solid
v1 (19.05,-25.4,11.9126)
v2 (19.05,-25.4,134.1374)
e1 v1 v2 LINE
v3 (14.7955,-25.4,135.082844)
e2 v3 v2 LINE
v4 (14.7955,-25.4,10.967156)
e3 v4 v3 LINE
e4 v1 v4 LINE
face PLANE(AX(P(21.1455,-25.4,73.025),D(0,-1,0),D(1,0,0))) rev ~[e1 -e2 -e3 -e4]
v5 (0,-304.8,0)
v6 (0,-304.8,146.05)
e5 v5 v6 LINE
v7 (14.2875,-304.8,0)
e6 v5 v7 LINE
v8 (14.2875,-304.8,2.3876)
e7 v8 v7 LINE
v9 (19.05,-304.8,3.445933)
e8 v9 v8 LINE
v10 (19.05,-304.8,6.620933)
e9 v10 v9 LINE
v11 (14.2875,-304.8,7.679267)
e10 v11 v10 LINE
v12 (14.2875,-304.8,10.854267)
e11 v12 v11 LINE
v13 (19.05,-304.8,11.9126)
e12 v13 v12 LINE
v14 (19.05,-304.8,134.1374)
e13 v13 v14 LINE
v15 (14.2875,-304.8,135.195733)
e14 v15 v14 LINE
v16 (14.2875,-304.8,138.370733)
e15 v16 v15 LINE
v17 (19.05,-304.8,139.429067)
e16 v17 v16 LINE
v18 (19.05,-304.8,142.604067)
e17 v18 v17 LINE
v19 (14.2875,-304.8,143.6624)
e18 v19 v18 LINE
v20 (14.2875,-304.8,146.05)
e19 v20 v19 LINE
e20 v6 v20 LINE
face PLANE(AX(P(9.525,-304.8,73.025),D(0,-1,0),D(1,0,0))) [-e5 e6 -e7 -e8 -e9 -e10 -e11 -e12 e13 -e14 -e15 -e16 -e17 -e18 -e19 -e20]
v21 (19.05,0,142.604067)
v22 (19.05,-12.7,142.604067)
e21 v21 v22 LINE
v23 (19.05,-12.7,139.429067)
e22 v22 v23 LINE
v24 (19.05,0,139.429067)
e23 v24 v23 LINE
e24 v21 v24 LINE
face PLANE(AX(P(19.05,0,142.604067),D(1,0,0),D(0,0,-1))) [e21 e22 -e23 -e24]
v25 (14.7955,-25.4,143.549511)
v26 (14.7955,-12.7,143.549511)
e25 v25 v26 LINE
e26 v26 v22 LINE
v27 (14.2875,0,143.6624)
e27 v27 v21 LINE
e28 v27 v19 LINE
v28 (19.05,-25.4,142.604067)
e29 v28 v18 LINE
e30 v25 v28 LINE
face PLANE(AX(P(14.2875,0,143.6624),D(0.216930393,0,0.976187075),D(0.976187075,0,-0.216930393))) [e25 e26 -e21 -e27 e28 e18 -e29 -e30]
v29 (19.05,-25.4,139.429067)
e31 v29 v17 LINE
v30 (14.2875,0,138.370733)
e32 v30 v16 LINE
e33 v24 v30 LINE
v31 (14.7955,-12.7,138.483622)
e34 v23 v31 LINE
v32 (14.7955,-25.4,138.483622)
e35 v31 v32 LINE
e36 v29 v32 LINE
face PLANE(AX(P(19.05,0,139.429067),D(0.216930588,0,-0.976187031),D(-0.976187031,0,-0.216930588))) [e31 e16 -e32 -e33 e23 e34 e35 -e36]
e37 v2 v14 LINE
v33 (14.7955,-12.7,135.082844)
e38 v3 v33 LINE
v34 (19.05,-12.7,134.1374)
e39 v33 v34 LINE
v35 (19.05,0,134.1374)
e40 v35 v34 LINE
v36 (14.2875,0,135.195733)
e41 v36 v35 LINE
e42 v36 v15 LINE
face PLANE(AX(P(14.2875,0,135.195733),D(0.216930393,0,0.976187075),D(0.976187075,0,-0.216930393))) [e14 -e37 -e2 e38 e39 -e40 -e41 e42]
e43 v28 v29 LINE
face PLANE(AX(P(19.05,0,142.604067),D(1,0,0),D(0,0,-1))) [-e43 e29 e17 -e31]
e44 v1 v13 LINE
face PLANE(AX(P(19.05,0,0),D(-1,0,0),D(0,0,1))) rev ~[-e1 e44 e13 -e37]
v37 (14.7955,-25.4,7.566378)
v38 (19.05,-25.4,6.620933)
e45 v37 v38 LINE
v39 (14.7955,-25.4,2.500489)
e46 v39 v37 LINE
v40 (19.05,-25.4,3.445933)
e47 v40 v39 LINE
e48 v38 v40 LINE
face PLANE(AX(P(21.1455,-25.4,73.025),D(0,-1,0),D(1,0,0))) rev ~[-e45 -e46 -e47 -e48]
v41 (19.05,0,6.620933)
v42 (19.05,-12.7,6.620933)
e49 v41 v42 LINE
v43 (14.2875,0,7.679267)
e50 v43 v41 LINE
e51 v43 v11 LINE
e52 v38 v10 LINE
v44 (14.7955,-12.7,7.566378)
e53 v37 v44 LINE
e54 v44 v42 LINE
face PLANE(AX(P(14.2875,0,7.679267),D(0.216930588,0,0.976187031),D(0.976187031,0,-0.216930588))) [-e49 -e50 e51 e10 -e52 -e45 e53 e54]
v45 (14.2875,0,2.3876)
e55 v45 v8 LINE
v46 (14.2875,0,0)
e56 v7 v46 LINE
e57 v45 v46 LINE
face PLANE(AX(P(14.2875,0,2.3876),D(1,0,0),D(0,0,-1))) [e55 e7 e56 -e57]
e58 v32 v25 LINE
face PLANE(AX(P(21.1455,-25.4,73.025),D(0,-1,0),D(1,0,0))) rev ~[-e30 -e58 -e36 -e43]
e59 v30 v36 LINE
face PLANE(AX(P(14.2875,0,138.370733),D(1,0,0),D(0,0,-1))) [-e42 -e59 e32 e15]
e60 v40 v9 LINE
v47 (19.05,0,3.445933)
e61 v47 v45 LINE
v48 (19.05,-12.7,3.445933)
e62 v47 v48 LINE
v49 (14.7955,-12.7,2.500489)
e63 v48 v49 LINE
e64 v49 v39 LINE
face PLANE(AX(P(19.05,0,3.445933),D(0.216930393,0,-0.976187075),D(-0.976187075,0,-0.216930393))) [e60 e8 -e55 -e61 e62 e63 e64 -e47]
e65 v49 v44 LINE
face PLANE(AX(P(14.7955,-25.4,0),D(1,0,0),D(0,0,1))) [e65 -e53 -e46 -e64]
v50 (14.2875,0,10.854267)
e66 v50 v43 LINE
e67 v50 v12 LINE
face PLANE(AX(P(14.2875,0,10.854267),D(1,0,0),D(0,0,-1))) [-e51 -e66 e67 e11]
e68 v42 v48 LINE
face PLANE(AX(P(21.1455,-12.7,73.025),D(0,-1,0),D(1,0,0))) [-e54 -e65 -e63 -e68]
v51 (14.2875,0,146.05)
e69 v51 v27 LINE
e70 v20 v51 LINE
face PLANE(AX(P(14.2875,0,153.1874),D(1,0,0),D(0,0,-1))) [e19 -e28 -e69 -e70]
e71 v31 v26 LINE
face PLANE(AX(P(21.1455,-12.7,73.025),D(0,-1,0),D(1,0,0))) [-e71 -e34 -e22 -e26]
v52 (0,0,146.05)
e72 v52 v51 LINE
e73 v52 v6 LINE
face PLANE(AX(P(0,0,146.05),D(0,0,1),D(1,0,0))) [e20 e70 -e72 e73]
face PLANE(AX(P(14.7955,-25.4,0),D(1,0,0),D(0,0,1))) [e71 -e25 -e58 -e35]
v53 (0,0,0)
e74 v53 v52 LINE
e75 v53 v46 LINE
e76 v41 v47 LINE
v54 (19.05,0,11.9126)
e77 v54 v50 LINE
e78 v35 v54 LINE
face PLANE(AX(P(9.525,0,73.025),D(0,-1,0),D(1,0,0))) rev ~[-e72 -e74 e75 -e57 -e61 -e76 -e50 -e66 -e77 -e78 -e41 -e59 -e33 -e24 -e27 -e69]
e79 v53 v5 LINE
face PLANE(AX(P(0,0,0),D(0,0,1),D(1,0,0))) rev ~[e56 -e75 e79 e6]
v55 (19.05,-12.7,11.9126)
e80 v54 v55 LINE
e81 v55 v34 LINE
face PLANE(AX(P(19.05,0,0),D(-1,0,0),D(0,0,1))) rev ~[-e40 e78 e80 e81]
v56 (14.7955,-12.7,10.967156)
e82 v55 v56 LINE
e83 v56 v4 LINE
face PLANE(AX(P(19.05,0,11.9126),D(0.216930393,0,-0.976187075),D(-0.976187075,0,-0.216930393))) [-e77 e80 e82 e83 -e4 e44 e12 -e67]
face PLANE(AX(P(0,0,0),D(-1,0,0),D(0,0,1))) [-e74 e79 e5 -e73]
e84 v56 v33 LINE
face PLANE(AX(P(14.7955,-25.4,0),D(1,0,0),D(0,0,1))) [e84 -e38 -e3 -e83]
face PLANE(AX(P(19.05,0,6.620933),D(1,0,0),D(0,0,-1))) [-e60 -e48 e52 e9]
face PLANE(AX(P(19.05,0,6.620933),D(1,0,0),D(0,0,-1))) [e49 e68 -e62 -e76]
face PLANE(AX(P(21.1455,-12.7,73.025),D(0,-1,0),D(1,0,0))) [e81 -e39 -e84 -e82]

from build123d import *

# Parameters (mm, degrees)
F0_W     = 19.05
F0_H     = 146.05
F1_DEPTH = 304.8
F4_DEPTH = 304.8
F6_DEPTH = 304.8
F7_W     = 12.7
F7_H     = 146.05
F8_DEPTH = 12.7


with BuildPart() as f1:
    # F0 (on Front) → F1 (new body)
    with BuildSketch(Plane.XZ):
        with Locations((9.525, 73.025)):
            Rectangle(F0_W, F0_H)
    extrude(amount=F1_DEPTH)

    # F3 (on Front) → F4 (cut)
    with BuildSketch(Plane.XZ):
        Polygon((19.05, 124.6124), (24.139026, 124.6124), (24.139026, 153.1874), (14.2875, 153.1874), (14.2875, 143.6624), (19.05, 142.604067), (19.05, 139.429067), (14.2875, 138.370733), (14.2875, 135.195733), (19.05, 134.1374), align=None)
    extrude(amount=F4_DEPTH, mode=Mode.SUBTRACT)

    # F5 (on Front) → F6 (cut)
    with BuildSketch(Plane.XZ):
        Polygon((24.139026, -7.1374), (24.139026, 21.4376), (19.05, 21.4376), (19.05, 11.9126), (14.2875, 10.854267), (14.2875, 7.679267), (19.05, 6.620933), (19.05, 3.445933), (14.2875, 2.3876), (14.2875, -7.1374), align=None)
    extrude(amount=F6_DEPTH, mode=Mode.SUBTRACT)

    # F7 (on offset) → F8 (cut)
    with BuildSketch(Plane.XZ.offset(25.4)):
        with Locations((21.1455, 73.025)):
            Rectangle(F7_W, F7_H)
    extrude(amount=-F8_DEPTH, mode=Mode.SUBTRACT)


solid = f1.part
